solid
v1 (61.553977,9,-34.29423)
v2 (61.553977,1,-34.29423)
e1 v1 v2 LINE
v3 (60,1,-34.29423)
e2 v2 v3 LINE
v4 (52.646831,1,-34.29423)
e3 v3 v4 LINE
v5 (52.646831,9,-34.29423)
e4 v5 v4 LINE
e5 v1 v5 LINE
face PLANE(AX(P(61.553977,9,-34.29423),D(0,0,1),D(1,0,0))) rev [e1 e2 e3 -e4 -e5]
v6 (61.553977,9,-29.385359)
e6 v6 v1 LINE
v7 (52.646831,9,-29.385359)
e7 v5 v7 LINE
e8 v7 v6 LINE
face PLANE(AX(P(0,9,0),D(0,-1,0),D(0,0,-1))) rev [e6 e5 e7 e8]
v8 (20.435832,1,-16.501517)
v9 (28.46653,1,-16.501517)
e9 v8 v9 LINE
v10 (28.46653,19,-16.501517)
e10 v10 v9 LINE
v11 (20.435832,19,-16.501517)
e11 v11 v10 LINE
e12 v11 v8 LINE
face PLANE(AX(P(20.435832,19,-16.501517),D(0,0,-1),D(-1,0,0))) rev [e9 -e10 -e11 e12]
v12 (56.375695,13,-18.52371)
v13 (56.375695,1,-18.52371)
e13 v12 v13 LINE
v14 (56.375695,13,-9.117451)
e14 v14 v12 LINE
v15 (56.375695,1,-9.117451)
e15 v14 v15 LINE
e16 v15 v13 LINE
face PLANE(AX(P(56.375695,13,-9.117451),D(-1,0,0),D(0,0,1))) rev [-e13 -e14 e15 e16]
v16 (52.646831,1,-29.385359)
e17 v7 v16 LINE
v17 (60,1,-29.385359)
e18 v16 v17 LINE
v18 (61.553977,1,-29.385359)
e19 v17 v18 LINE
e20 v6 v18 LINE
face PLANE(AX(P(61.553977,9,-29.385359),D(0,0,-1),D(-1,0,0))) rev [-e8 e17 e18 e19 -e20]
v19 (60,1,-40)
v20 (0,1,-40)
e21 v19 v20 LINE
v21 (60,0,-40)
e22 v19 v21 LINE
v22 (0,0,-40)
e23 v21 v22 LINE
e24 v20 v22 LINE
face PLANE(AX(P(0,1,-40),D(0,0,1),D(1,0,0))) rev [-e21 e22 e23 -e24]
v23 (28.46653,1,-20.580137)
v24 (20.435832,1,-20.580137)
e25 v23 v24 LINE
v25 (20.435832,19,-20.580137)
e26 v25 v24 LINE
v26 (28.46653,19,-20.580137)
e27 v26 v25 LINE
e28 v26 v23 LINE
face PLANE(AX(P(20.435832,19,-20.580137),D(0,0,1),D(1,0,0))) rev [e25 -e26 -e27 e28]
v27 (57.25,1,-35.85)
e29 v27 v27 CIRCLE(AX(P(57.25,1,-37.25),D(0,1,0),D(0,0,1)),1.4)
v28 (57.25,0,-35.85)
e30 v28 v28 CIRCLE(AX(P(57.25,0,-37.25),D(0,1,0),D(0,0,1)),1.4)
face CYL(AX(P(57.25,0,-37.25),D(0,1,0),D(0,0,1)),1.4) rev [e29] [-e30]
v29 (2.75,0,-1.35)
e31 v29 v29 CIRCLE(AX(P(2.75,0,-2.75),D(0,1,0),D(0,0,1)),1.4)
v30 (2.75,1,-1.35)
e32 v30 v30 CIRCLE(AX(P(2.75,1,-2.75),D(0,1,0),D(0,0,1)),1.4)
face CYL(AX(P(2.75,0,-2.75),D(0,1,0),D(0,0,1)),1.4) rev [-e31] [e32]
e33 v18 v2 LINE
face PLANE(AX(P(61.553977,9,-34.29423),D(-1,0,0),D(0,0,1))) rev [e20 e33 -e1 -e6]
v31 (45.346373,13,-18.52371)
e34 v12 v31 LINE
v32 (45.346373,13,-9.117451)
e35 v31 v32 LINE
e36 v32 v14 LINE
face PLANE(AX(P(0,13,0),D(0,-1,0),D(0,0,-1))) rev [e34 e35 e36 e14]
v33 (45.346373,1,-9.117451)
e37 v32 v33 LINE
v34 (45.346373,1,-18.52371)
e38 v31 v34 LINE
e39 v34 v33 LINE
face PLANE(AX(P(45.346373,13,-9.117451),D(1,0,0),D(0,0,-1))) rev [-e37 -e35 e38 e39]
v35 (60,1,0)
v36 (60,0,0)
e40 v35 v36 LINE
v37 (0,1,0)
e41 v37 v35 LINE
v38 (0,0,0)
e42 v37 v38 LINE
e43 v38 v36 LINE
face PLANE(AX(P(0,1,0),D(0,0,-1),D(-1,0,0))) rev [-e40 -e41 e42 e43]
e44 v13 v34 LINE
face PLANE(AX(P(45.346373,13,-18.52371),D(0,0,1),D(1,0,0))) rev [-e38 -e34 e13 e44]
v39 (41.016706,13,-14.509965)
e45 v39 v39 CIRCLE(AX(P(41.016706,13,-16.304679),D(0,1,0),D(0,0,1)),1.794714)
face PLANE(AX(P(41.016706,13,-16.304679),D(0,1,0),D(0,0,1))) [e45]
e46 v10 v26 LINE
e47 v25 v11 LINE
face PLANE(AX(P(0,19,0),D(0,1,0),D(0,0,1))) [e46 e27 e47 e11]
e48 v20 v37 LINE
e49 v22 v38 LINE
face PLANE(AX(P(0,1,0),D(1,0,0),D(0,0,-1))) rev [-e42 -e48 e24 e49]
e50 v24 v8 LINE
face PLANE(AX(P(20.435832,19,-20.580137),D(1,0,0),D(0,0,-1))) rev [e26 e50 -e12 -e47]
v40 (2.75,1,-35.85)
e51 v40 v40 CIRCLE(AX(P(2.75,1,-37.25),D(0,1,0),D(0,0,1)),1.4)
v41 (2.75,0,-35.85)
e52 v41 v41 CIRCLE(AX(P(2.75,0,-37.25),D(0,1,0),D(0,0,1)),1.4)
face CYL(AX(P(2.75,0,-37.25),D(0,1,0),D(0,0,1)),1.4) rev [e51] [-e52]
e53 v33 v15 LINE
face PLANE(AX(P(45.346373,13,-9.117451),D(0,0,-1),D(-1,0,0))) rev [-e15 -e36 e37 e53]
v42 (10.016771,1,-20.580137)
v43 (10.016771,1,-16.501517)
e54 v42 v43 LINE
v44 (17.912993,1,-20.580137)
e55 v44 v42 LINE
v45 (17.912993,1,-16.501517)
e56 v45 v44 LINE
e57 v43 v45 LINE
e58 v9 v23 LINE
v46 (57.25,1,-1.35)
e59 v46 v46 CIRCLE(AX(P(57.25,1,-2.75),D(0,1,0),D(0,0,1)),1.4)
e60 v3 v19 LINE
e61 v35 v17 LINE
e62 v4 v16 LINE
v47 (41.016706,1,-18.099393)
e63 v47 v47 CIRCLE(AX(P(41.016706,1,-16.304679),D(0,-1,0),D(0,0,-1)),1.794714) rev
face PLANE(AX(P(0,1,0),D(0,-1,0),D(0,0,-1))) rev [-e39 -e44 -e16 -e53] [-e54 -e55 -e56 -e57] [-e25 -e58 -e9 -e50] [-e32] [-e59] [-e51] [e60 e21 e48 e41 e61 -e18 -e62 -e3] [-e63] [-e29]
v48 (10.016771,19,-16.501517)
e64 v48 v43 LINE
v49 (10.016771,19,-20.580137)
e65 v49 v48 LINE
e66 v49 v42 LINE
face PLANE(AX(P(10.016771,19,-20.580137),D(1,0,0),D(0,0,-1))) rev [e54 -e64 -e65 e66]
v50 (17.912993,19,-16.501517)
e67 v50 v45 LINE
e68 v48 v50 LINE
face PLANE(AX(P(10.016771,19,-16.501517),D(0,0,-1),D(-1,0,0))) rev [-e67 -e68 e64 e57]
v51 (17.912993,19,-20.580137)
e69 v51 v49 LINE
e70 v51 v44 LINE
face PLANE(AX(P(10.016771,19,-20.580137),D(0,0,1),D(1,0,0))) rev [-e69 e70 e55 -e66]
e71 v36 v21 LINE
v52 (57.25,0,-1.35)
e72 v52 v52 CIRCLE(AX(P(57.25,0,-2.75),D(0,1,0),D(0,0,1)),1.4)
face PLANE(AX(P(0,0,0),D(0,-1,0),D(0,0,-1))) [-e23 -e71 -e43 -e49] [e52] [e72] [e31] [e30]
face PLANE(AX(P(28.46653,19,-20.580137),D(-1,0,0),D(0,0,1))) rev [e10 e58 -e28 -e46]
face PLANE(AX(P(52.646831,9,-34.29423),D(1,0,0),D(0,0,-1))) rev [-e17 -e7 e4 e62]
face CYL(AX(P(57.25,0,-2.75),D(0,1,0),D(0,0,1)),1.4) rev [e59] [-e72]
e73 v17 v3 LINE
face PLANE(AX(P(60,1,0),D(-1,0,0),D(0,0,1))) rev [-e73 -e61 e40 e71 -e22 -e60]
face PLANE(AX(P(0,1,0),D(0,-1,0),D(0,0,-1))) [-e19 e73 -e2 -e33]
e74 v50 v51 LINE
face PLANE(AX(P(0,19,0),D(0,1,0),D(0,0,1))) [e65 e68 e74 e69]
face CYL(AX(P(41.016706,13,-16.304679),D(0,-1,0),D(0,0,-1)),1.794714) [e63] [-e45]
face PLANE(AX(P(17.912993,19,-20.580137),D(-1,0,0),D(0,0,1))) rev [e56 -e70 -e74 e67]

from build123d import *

# Parameters (mm, degrees)
SKETCH1_W           = 60
SKETCH1_H           = 40
BOSS_EXTRUDE1_DEPTH = 1
SKETCH2_R           = 1.4
CUT_EXTRUDE1_DEPTH  = 73.117958928
SKETCH3_R           = 1.794713796
SKETCH3_W           = 11.029321298
SKETCH3_H           = 9.406259618
BOSS_EXTRUDE2_DEPTH = 12
SKETCH4_W           = 8.907146541
SKETCH4_H           = 4.90887134
BOSS_EXTRUDE3_DEPTH = 8
SKETCH5_W           = 7.89622208
SKETCH5_H           = 4.078620146
SKETCH5_W_2         = 8.030698063
BOSS_EXTRUDE4_DEPTH = 18


with BuildPart() as part:
    # Sketch1 → Boss-Extrude1 (new body)
    with BuildSketch(Plane(origin=(0, 0, 0), x_dir=(1, 0, 0), z_dir=(0, 1, 0))):
        with Locations((30, 20)):
            Rectangle(SKETCH1_W, SKETCH1_H)
    extrude(amount=BOSS_EXTRUDE1_DEPTH)

    # Sketch2 → Cut-Extrude1 (cut, through all)
    with BuildSketch(Plane(origin=(0, 1, 0), x_dir=(1, 0, 0), z_dir=(0, 1, 0))):
        with Locations(Location((2.75, 37.25, 0), (0, 0, 270))):
            Circle(SKETCH2_R)
        with Locations(Location((57.25, 37.25, 0), (0, 0, 270))):
            Circle(SKETCH2_R)
        with Locations(Location((57.25, 2.75, 0), (0, 0, 270))):
            Circle(SKETCH2_R)
        with Locations(Location((2.75, 2.75, 0), (0, 0, 270))):
            Circle(SKETCH2_R)
    extrude(amount=-CUT_EXTRUDE1_DEPTH, mode=Mode.SUBTRACT)

    # Sketch3 → Boss-Extrude2 (add)
    with BuildSketch(Plane(origin=(0, 1, 0), x_dir=(1, 0, 0), z_dir=(0, 1, 0))):
        with Locations(Location((41.01670641, 16.304679201, 0), (0, 0, 90))):
            Circle(SKETCH3_R)
        with Locations((50.861034001, 13.82058061)):
            Rectangle(SKETCH3_W, SKETCH3_H)
    extrude(amount=BOSS_EXTRUDE2_DEPTH)

    # Sketch4 → Boss-Extrude3 (add)
    with BuildSketch(Plane(origin=(0, 1, 0), x_dir=(1, 0, 0), z_dir=(0, 1, 0))):
        with Locations((57.100404147, 31.839794384)):
            Rectangle(SKETCH4_W, SKETCH4_H)
    extrude(amount=BOSS_EXTRUDE3_DEPTH)

    # Sketch5 → Boss-Extrude4 (add)
    with BuildSketch(Plane(origin=(0, 1, 0), x_dir=(1, 0, 0), z_dir=(0, 1, 0))):
        with Locations((13.964882377, 18.540826958)):
            Rectangle(SKETCH5_W, SKETCH5_H)
        with Locations((24.451181127, 18.540826958)):
            Rectangle(SKETCH5_W_2, SKETCH5_H)
    extrude(amount=BOSS_EXTRUDE4_DEPTH)


solid = part.part
